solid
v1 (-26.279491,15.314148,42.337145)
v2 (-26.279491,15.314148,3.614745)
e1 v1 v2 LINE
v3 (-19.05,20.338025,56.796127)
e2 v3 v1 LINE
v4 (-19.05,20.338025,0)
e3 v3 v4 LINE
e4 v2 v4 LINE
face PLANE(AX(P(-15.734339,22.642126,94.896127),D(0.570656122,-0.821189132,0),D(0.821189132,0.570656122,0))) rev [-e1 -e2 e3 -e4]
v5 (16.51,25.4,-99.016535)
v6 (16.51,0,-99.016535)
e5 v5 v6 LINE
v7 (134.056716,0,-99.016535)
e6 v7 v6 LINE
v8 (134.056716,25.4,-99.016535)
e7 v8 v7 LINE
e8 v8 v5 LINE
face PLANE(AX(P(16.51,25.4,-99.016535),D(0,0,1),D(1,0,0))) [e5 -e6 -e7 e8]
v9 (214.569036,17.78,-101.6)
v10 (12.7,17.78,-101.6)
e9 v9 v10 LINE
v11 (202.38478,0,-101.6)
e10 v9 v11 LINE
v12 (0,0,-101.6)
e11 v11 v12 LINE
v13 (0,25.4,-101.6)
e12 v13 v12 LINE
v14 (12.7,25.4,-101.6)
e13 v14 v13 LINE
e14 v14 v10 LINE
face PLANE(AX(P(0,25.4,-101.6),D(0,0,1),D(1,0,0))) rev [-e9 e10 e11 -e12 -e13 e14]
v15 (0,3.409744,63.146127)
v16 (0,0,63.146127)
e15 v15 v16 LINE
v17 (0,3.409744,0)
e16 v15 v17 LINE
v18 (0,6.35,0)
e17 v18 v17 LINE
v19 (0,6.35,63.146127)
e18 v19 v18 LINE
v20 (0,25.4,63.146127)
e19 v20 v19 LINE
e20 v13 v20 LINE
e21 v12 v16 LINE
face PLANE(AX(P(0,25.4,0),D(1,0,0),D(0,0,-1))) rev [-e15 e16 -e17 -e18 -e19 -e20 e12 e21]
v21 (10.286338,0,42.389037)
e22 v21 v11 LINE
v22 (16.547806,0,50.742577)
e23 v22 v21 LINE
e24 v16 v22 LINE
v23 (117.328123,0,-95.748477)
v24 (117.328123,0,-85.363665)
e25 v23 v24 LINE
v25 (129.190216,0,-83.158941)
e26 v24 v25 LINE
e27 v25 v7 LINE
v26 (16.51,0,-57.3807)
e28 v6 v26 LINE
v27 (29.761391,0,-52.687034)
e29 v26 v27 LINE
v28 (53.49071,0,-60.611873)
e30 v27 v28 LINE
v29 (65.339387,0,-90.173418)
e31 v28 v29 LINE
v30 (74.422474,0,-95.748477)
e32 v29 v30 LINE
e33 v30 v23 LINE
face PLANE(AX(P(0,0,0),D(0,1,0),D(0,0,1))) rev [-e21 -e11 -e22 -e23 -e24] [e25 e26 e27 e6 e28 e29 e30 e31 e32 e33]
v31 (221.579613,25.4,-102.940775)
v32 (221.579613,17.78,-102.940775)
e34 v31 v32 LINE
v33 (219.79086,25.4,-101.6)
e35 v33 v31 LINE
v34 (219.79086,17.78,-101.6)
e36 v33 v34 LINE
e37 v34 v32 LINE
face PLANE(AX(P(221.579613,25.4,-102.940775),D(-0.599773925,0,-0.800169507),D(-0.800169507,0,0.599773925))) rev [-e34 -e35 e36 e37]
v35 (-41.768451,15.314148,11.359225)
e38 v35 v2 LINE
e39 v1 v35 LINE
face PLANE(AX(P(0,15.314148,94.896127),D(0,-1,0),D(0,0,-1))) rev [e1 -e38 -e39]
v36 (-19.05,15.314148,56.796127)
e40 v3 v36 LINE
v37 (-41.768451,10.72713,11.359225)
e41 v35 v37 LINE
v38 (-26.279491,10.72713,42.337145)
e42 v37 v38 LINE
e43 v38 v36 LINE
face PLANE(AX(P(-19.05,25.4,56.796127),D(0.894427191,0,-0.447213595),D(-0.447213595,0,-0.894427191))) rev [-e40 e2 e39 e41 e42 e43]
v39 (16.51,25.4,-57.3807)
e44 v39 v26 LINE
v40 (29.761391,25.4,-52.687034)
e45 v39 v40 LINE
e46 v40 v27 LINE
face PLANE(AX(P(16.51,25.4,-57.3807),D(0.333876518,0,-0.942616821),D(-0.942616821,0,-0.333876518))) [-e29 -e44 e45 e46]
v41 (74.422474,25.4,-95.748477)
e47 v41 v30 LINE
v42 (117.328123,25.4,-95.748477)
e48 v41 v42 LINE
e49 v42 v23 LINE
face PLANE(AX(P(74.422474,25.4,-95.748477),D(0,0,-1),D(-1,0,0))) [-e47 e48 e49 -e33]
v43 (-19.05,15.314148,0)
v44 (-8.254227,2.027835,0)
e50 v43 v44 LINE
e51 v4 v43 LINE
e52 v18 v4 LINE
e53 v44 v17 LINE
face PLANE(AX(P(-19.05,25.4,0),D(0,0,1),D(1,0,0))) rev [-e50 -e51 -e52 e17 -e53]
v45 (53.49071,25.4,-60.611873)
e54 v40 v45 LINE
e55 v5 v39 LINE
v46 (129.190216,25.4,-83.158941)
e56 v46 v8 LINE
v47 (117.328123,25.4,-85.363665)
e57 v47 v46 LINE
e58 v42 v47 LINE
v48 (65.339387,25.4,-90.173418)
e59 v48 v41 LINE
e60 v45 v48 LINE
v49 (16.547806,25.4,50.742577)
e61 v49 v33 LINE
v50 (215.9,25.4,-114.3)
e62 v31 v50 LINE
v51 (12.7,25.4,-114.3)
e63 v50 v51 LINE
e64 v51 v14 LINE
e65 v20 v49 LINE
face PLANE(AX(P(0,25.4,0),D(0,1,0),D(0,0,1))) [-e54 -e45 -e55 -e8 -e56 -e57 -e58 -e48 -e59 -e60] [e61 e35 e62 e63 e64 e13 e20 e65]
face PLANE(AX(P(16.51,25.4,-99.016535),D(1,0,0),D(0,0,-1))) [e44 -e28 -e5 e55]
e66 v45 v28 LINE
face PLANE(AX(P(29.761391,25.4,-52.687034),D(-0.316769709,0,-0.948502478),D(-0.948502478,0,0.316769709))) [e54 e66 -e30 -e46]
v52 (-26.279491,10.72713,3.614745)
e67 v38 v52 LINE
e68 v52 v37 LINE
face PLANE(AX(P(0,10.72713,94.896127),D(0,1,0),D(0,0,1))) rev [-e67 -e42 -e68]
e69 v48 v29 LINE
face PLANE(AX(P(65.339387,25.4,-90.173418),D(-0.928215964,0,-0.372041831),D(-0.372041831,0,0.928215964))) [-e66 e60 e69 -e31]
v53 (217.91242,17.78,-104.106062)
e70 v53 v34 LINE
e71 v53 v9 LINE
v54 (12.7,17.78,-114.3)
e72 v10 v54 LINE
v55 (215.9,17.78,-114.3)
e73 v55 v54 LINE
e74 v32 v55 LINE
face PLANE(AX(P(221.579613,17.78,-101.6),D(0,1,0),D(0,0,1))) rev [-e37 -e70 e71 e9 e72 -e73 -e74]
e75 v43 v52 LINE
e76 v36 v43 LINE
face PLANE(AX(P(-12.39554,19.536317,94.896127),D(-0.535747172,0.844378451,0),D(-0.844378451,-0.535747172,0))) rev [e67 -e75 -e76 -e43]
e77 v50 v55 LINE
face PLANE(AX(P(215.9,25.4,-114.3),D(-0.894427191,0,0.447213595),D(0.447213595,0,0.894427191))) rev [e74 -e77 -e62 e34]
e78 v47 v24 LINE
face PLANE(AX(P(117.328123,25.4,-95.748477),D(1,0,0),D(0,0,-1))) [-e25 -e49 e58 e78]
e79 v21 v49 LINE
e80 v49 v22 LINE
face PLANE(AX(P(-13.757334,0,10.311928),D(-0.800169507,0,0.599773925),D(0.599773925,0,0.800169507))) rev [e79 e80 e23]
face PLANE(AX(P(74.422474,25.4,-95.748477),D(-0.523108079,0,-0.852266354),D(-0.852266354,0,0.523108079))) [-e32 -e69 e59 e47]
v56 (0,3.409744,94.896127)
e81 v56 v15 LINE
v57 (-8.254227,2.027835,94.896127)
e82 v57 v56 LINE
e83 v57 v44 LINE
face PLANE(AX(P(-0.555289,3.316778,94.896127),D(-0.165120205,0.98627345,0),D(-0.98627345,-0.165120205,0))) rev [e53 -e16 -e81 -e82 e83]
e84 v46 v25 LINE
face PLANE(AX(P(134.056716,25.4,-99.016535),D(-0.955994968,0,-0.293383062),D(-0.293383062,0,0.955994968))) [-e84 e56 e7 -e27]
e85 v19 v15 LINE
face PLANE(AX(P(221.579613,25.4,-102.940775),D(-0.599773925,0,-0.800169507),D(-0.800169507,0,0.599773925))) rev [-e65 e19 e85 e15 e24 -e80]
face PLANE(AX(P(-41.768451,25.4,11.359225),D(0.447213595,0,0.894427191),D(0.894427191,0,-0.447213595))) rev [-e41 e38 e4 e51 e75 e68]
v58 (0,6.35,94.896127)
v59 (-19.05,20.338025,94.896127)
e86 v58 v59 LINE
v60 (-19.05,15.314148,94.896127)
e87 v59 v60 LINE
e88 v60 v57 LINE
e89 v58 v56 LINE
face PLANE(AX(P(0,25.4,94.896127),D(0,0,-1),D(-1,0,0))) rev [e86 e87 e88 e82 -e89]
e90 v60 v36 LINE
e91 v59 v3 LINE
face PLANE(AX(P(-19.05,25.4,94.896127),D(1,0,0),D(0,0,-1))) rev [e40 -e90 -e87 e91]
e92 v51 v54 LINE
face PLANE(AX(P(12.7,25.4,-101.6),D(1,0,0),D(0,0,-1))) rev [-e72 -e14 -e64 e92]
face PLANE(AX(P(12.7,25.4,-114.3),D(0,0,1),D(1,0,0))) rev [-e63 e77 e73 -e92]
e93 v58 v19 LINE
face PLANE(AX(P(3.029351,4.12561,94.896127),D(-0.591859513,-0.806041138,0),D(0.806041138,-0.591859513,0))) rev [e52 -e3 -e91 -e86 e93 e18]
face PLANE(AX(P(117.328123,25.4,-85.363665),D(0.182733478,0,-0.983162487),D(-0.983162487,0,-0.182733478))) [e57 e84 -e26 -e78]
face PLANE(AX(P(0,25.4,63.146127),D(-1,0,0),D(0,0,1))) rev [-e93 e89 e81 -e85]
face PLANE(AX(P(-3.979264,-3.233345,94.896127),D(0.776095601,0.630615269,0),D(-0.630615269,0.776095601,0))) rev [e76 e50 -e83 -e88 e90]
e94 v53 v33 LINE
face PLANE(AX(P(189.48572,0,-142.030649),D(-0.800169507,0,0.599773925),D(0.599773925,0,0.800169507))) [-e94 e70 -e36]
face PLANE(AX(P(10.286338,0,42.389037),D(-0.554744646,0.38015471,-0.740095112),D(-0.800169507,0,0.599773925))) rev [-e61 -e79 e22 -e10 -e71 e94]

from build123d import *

# Parameters (mm, degrees)
BOSS_EXTRUDE1_DEPTH = 25.4
SKETCH2_W           = 12.7
SKETCH2_H           = 17.78
CUT_EXTRUDE1_DEPTH  = 209.879612663
CUT_EXTRUDE2_DEPTH  = 95.896126628
CUT_EXTRUDE3_DEPTH  = 254


with BuildPart() as part:
    # Sketch1 → Boss-Extrude1 (new body)
    with BuildSketch(Plane(origin=(0, 0, 0), x_dir=(1, 0, 0), z_dir=(0, 1, 0))):
        Polygon((0, 0), (0, 101.6), (12.7, 101.6), (12.7, 114.3), (215.9, 114.3), (221.579612663, 102.940774674), (0, -63.146126628), (0, -94.896126628), (-19.05, -94.896126628), (-19.05, -56.796126628), (-41.768450651, -11.359225326), (-19.05, 0), align=None)
        Polygon((16.51, 99.016534905), (16.51, 57.380699548), (29.761390928, 52.687033829), (53.490710304, 60.611873008), (65.339387315, 90.173417518), (74.422473615, 95.748477248), (117.328122685, 95.748477248), (117.328122685, 85.363664607), (129.190216348, 83.158940906), (134.056716313, 99.016534905), align=None, mode=Mode.SUBTRACT)
    extrude(amount=BOSS_EXTRUDE1_DEPTH)

    # Sketch2 → Cut-Extrude1 (cut, through all)
    with BuildSketch(Plane.ZY.offset(-12.7)):
        with Locations((-107.95, 8.89)):
            Rectangle(SKETCH2_W, SKETCH2_H)
    extrude(amount=-CUT_EXTRUDE1_DEPTH, mode=Mode.SUBTRACT)

    # Sketch3 → Cut-Extrude2 (cut, through all)
    with BuildSketch(Plane(origin=(0, 0, 0), x_dir=(-1, 0, 0), z_dir=(0, 0, -1))):
        Polygon((26.279490994, 10.727129804), (19.05, 15.314148044), (19.05, 0), (41.768450651, 0), (41.768450651, 10.727129804), align=None)
        Polygon((8.25422712, 2.027835054), (0, 3.409743564), (0, 0), (19.05, 0), (19.05, 15.314148044), align=None)
        Polygon((19.05, 25.4), (0, 25.4), (0, 6.35), (19.05, 20.338025164), align=None)
        Polygon((41.768450651, 25.4), (19.05, 25.4), (19.05, 20.338025164), (26.279490994, 15.314148044), (41.768450651, 15.314148044), align=None)
    extrude(amount=-CUT_EXTRUDE2_DEPTH, mode=Mode.SUBTRACT)

    # Sketch4 → Cut-Extrude3 (cut)
    with BuildSketch(Plane(origin=(189.48572038, 0, -142.030648763), x_dir=(0, 1, 0), z_dir=(0.800169507, 0, -0.599773925))):
        Polygon((0, 40.087892142), (25.4, 50.527604994), (0, 50.527604994), align=None)
    extrude(amount=-CUT_EXTRUDE3_DEPTH, mode=Mode.SUBTRACT)


solid = part.part
